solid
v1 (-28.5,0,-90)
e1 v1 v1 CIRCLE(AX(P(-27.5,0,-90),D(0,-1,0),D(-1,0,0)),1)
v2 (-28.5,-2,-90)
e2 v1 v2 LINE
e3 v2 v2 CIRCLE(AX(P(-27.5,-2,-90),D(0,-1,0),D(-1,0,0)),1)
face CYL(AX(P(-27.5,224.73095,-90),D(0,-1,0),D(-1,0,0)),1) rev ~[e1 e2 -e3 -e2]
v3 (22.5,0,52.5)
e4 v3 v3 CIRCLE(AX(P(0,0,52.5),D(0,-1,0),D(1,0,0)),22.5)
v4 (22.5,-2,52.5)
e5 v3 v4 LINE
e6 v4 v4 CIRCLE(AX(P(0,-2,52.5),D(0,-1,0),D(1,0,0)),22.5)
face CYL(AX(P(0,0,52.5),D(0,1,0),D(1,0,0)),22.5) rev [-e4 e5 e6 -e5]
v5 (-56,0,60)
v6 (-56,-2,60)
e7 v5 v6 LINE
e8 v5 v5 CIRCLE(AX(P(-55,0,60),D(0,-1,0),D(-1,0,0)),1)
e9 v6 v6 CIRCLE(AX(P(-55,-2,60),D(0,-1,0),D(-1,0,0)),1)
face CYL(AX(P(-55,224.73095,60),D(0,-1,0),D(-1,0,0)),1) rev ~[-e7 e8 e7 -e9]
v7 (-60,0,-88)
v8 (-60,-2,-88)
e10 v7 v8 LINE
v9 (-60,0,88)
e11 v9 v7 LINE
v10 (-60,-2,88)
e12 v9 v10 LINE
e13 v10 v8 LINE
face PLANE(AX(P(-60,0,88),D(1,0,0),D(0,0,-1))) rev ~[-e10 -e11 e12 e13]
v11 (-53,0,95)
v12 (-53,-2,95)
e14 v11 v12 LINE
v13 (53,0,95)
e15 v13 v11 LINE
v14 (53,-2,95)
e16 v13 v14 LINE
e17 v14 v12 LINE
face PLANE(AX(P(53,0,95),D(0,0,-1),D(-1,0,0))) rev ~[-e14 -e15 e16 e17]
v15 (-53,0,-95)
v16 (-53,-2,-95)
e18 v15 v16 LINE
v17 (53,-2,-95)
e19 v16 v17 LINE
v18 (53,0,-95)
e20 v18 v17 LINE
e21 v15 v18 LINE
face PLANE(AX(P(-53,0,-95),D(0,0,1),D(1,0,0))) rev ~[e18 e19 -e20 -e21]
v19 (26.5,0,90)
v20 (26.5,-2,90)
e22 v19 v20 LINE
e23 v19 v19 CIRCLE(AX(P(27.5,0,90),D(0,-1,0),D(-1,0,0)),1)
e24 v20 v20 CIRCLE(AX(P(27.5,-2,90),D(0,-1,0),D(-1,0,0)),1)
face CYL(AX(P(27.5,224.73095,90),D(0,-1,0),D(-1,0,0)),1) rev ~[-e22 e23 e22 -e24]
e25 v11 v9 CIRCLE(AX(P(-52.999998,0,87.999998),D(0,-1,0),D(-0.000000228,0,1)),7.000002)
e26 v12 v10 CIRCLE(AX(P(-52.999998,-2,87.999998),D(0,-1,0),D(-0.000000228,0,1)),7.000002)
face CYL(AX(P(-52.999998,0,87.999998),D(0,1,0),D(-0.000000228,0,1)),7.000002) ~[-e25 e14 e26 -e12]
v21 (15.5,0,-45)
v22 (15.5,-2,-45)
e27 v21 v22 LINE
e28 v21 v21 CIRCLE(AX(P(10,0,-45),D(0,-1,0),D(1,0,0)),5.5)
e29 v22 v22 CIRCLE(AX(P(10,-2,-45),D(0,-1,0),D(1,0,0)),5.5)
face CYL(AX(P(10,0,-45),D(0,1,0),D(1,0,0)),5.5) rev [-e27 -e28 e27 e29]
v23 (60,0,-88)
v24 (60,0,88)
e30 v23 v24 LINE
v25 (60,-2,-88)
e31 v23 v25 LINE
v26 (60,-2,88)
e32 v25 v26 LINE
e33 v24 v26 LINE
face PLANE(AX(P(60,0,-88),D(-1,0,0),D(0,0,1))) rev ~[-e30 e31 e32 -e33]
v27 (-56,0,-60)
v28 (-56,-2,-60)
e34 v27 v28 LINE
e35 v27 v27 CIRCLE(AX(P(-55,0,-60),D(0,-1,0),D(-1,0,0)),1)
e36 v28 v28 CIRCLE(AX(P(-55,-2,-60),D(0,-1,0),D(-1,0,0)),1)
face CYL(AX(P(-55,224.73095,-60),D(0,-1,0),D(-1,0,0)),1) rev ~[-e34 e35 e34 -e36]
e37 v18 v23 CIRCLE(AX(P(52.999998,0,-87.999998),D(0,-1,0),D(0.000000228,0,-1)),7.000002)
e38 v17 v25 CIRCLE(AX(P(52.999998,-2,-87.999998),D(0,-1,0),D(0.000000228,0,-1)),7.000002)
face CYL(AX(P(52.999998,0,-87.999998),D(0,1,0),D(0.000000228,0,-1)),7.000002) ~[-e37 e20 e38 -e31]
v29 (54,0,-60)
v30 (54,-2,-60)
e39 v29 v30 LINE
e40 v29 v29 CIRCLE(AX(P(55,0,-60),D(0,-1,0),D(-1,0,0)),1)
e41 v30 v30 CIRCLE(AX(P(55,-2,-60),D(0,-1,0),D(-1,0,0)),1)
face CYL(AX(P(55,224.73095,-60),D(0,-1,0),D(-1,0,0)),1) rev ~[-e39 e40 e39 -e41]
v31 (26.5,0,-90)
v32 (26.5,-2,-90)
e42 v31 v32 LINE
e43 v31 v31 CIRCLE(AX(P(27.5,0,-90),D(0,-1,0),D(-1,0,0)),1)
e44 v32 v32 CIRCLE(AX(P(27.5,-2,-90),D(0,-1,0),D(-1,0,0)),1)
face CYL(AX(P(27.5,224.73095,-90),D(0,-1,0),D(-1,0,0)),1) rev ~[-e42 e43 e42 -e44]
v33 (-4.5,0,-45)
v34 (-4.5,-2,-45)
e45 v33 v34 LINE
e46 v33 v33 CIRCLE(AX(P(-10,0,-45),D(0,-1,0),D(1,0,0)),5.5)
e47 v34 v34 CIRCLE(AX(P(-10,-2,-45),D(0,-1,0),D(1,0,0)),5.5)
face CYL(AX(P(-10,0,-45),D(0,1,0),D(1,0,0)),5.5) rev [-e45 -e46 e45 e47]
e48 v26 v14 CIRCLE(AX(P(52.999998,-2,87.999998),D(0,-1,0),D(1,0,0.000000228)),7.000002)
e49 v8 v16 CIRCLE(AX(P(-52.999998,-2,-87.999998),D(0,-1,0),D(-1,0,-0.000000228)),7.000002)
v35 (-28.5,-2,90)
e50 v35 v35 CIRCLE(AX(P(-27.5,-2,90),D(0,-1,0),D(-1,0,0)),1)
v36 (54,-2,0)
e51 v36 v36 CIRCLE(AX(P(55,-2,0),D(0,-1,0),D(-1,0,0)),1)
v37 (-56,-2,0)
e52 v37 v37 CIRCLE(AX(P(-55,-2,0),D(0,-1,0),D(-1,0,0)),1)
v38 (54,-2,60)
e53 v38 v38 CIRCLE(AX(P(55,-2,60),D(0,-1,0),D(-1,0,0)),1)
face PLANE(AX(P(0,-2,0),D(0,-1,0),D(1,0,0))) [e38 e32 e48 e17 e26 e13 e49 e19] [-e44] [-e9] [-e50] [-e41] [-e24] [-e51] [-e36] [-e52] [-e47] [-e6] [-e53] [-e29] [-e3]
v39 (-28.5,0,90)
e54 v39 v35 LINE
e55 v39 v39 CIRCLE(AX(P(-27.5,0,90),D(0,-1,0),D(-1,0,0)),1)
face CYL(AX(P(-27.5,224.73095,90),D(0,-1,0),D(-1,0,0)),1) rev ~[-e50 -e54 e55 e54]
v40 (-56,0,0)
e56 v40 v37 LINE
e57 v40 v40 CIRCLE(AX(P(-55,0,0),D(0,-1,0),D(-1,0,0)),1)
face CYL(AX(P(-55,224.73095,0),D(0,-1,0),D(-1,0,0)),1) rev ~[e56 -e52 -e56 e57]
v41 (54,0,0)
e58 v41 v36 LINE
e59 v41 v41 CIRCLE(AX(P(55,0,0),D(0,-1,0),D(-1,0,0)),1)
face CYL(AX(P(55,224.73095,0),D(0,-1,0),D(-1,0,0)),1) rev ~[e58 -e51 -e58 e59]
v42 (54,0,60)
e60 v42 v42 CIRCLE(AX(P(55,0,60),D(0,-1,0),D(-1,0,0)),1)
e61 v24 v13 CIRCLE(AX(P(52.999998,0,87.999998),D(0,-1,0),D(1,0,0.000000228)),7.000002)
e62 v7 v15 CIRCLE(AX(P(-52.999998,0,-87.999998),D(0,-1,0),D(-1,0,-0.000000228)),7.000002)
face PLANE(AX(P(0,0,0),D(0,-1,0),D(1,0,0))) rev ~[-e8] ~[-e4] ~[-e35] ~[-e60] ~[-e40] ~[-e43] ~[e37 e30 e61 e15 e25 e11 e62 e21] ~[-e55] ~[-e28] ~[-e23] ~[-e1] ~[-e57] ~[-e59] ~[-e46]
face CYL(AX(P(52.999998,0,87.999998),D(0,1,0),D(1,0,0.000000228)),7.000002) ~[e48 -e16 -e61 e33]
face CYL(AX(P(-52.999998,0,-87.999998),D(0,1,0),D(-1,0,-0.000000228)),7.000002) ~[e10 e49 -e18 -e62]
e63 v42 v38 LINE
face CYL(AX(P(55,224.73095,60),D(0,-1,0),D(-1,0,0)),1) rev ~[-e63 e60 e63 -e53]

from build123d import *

# Parameters (mm, degrees)
F0_R     = 5.5
F0_R_2   = 22.5
F1_DEPTH = 2
F2_D     = 2


with BuildPart() as f1:
    # F0 (on Front) → F1 (new body)
    with BuildSketch(Plane.XZ):
        with BuildLine():
            ThreePointArc((60, 88), (57.949747, 92.949747), (53, 95))
            Line((53, 95), (-53, 95))
            ThreePointArc((-53, 95), (-57.949747, 92.949747), (-60, 88))
            Line((-60, 88), (-60, -88))
            ThreePointArc((-60, -88), (-57.949747, -92.949747), (-53, -95))
            Line((-53, -95), (53, -95))
            ThreePointArc((53, -95), (57.949747, -92.949747), (60, -88))
            Line((60, -88), (60, 88))
        make_face()
        with Locations((-10, -45)):
            Circle(F0_R, mode=Mode.SUBTRACT)
        with Locations((10, -45)):
            Circle(F0_R, mode=Mode.SUBTRACT)
        with Locations((0, 52.5)):
            Circle(F0_R_2, mode=Mode.SUBTRACT)
    extrude(amount=F1_DEPTH)

    # F2 (through all)
    with Locations(Plane(origin=(0, 0, 0), x_dir=(1, 0, 0), z_dir=(0, 1, 0))):
        with Locations((-27.5, 90), (-55, 60), (-55, 0), (-55, -60), (-27.5, -90), (27.5, -90), (55, -60), (55, 0), (55, 60), (27.5, 90)):
            Hole(F2_D / 2)


solid = f1.part
